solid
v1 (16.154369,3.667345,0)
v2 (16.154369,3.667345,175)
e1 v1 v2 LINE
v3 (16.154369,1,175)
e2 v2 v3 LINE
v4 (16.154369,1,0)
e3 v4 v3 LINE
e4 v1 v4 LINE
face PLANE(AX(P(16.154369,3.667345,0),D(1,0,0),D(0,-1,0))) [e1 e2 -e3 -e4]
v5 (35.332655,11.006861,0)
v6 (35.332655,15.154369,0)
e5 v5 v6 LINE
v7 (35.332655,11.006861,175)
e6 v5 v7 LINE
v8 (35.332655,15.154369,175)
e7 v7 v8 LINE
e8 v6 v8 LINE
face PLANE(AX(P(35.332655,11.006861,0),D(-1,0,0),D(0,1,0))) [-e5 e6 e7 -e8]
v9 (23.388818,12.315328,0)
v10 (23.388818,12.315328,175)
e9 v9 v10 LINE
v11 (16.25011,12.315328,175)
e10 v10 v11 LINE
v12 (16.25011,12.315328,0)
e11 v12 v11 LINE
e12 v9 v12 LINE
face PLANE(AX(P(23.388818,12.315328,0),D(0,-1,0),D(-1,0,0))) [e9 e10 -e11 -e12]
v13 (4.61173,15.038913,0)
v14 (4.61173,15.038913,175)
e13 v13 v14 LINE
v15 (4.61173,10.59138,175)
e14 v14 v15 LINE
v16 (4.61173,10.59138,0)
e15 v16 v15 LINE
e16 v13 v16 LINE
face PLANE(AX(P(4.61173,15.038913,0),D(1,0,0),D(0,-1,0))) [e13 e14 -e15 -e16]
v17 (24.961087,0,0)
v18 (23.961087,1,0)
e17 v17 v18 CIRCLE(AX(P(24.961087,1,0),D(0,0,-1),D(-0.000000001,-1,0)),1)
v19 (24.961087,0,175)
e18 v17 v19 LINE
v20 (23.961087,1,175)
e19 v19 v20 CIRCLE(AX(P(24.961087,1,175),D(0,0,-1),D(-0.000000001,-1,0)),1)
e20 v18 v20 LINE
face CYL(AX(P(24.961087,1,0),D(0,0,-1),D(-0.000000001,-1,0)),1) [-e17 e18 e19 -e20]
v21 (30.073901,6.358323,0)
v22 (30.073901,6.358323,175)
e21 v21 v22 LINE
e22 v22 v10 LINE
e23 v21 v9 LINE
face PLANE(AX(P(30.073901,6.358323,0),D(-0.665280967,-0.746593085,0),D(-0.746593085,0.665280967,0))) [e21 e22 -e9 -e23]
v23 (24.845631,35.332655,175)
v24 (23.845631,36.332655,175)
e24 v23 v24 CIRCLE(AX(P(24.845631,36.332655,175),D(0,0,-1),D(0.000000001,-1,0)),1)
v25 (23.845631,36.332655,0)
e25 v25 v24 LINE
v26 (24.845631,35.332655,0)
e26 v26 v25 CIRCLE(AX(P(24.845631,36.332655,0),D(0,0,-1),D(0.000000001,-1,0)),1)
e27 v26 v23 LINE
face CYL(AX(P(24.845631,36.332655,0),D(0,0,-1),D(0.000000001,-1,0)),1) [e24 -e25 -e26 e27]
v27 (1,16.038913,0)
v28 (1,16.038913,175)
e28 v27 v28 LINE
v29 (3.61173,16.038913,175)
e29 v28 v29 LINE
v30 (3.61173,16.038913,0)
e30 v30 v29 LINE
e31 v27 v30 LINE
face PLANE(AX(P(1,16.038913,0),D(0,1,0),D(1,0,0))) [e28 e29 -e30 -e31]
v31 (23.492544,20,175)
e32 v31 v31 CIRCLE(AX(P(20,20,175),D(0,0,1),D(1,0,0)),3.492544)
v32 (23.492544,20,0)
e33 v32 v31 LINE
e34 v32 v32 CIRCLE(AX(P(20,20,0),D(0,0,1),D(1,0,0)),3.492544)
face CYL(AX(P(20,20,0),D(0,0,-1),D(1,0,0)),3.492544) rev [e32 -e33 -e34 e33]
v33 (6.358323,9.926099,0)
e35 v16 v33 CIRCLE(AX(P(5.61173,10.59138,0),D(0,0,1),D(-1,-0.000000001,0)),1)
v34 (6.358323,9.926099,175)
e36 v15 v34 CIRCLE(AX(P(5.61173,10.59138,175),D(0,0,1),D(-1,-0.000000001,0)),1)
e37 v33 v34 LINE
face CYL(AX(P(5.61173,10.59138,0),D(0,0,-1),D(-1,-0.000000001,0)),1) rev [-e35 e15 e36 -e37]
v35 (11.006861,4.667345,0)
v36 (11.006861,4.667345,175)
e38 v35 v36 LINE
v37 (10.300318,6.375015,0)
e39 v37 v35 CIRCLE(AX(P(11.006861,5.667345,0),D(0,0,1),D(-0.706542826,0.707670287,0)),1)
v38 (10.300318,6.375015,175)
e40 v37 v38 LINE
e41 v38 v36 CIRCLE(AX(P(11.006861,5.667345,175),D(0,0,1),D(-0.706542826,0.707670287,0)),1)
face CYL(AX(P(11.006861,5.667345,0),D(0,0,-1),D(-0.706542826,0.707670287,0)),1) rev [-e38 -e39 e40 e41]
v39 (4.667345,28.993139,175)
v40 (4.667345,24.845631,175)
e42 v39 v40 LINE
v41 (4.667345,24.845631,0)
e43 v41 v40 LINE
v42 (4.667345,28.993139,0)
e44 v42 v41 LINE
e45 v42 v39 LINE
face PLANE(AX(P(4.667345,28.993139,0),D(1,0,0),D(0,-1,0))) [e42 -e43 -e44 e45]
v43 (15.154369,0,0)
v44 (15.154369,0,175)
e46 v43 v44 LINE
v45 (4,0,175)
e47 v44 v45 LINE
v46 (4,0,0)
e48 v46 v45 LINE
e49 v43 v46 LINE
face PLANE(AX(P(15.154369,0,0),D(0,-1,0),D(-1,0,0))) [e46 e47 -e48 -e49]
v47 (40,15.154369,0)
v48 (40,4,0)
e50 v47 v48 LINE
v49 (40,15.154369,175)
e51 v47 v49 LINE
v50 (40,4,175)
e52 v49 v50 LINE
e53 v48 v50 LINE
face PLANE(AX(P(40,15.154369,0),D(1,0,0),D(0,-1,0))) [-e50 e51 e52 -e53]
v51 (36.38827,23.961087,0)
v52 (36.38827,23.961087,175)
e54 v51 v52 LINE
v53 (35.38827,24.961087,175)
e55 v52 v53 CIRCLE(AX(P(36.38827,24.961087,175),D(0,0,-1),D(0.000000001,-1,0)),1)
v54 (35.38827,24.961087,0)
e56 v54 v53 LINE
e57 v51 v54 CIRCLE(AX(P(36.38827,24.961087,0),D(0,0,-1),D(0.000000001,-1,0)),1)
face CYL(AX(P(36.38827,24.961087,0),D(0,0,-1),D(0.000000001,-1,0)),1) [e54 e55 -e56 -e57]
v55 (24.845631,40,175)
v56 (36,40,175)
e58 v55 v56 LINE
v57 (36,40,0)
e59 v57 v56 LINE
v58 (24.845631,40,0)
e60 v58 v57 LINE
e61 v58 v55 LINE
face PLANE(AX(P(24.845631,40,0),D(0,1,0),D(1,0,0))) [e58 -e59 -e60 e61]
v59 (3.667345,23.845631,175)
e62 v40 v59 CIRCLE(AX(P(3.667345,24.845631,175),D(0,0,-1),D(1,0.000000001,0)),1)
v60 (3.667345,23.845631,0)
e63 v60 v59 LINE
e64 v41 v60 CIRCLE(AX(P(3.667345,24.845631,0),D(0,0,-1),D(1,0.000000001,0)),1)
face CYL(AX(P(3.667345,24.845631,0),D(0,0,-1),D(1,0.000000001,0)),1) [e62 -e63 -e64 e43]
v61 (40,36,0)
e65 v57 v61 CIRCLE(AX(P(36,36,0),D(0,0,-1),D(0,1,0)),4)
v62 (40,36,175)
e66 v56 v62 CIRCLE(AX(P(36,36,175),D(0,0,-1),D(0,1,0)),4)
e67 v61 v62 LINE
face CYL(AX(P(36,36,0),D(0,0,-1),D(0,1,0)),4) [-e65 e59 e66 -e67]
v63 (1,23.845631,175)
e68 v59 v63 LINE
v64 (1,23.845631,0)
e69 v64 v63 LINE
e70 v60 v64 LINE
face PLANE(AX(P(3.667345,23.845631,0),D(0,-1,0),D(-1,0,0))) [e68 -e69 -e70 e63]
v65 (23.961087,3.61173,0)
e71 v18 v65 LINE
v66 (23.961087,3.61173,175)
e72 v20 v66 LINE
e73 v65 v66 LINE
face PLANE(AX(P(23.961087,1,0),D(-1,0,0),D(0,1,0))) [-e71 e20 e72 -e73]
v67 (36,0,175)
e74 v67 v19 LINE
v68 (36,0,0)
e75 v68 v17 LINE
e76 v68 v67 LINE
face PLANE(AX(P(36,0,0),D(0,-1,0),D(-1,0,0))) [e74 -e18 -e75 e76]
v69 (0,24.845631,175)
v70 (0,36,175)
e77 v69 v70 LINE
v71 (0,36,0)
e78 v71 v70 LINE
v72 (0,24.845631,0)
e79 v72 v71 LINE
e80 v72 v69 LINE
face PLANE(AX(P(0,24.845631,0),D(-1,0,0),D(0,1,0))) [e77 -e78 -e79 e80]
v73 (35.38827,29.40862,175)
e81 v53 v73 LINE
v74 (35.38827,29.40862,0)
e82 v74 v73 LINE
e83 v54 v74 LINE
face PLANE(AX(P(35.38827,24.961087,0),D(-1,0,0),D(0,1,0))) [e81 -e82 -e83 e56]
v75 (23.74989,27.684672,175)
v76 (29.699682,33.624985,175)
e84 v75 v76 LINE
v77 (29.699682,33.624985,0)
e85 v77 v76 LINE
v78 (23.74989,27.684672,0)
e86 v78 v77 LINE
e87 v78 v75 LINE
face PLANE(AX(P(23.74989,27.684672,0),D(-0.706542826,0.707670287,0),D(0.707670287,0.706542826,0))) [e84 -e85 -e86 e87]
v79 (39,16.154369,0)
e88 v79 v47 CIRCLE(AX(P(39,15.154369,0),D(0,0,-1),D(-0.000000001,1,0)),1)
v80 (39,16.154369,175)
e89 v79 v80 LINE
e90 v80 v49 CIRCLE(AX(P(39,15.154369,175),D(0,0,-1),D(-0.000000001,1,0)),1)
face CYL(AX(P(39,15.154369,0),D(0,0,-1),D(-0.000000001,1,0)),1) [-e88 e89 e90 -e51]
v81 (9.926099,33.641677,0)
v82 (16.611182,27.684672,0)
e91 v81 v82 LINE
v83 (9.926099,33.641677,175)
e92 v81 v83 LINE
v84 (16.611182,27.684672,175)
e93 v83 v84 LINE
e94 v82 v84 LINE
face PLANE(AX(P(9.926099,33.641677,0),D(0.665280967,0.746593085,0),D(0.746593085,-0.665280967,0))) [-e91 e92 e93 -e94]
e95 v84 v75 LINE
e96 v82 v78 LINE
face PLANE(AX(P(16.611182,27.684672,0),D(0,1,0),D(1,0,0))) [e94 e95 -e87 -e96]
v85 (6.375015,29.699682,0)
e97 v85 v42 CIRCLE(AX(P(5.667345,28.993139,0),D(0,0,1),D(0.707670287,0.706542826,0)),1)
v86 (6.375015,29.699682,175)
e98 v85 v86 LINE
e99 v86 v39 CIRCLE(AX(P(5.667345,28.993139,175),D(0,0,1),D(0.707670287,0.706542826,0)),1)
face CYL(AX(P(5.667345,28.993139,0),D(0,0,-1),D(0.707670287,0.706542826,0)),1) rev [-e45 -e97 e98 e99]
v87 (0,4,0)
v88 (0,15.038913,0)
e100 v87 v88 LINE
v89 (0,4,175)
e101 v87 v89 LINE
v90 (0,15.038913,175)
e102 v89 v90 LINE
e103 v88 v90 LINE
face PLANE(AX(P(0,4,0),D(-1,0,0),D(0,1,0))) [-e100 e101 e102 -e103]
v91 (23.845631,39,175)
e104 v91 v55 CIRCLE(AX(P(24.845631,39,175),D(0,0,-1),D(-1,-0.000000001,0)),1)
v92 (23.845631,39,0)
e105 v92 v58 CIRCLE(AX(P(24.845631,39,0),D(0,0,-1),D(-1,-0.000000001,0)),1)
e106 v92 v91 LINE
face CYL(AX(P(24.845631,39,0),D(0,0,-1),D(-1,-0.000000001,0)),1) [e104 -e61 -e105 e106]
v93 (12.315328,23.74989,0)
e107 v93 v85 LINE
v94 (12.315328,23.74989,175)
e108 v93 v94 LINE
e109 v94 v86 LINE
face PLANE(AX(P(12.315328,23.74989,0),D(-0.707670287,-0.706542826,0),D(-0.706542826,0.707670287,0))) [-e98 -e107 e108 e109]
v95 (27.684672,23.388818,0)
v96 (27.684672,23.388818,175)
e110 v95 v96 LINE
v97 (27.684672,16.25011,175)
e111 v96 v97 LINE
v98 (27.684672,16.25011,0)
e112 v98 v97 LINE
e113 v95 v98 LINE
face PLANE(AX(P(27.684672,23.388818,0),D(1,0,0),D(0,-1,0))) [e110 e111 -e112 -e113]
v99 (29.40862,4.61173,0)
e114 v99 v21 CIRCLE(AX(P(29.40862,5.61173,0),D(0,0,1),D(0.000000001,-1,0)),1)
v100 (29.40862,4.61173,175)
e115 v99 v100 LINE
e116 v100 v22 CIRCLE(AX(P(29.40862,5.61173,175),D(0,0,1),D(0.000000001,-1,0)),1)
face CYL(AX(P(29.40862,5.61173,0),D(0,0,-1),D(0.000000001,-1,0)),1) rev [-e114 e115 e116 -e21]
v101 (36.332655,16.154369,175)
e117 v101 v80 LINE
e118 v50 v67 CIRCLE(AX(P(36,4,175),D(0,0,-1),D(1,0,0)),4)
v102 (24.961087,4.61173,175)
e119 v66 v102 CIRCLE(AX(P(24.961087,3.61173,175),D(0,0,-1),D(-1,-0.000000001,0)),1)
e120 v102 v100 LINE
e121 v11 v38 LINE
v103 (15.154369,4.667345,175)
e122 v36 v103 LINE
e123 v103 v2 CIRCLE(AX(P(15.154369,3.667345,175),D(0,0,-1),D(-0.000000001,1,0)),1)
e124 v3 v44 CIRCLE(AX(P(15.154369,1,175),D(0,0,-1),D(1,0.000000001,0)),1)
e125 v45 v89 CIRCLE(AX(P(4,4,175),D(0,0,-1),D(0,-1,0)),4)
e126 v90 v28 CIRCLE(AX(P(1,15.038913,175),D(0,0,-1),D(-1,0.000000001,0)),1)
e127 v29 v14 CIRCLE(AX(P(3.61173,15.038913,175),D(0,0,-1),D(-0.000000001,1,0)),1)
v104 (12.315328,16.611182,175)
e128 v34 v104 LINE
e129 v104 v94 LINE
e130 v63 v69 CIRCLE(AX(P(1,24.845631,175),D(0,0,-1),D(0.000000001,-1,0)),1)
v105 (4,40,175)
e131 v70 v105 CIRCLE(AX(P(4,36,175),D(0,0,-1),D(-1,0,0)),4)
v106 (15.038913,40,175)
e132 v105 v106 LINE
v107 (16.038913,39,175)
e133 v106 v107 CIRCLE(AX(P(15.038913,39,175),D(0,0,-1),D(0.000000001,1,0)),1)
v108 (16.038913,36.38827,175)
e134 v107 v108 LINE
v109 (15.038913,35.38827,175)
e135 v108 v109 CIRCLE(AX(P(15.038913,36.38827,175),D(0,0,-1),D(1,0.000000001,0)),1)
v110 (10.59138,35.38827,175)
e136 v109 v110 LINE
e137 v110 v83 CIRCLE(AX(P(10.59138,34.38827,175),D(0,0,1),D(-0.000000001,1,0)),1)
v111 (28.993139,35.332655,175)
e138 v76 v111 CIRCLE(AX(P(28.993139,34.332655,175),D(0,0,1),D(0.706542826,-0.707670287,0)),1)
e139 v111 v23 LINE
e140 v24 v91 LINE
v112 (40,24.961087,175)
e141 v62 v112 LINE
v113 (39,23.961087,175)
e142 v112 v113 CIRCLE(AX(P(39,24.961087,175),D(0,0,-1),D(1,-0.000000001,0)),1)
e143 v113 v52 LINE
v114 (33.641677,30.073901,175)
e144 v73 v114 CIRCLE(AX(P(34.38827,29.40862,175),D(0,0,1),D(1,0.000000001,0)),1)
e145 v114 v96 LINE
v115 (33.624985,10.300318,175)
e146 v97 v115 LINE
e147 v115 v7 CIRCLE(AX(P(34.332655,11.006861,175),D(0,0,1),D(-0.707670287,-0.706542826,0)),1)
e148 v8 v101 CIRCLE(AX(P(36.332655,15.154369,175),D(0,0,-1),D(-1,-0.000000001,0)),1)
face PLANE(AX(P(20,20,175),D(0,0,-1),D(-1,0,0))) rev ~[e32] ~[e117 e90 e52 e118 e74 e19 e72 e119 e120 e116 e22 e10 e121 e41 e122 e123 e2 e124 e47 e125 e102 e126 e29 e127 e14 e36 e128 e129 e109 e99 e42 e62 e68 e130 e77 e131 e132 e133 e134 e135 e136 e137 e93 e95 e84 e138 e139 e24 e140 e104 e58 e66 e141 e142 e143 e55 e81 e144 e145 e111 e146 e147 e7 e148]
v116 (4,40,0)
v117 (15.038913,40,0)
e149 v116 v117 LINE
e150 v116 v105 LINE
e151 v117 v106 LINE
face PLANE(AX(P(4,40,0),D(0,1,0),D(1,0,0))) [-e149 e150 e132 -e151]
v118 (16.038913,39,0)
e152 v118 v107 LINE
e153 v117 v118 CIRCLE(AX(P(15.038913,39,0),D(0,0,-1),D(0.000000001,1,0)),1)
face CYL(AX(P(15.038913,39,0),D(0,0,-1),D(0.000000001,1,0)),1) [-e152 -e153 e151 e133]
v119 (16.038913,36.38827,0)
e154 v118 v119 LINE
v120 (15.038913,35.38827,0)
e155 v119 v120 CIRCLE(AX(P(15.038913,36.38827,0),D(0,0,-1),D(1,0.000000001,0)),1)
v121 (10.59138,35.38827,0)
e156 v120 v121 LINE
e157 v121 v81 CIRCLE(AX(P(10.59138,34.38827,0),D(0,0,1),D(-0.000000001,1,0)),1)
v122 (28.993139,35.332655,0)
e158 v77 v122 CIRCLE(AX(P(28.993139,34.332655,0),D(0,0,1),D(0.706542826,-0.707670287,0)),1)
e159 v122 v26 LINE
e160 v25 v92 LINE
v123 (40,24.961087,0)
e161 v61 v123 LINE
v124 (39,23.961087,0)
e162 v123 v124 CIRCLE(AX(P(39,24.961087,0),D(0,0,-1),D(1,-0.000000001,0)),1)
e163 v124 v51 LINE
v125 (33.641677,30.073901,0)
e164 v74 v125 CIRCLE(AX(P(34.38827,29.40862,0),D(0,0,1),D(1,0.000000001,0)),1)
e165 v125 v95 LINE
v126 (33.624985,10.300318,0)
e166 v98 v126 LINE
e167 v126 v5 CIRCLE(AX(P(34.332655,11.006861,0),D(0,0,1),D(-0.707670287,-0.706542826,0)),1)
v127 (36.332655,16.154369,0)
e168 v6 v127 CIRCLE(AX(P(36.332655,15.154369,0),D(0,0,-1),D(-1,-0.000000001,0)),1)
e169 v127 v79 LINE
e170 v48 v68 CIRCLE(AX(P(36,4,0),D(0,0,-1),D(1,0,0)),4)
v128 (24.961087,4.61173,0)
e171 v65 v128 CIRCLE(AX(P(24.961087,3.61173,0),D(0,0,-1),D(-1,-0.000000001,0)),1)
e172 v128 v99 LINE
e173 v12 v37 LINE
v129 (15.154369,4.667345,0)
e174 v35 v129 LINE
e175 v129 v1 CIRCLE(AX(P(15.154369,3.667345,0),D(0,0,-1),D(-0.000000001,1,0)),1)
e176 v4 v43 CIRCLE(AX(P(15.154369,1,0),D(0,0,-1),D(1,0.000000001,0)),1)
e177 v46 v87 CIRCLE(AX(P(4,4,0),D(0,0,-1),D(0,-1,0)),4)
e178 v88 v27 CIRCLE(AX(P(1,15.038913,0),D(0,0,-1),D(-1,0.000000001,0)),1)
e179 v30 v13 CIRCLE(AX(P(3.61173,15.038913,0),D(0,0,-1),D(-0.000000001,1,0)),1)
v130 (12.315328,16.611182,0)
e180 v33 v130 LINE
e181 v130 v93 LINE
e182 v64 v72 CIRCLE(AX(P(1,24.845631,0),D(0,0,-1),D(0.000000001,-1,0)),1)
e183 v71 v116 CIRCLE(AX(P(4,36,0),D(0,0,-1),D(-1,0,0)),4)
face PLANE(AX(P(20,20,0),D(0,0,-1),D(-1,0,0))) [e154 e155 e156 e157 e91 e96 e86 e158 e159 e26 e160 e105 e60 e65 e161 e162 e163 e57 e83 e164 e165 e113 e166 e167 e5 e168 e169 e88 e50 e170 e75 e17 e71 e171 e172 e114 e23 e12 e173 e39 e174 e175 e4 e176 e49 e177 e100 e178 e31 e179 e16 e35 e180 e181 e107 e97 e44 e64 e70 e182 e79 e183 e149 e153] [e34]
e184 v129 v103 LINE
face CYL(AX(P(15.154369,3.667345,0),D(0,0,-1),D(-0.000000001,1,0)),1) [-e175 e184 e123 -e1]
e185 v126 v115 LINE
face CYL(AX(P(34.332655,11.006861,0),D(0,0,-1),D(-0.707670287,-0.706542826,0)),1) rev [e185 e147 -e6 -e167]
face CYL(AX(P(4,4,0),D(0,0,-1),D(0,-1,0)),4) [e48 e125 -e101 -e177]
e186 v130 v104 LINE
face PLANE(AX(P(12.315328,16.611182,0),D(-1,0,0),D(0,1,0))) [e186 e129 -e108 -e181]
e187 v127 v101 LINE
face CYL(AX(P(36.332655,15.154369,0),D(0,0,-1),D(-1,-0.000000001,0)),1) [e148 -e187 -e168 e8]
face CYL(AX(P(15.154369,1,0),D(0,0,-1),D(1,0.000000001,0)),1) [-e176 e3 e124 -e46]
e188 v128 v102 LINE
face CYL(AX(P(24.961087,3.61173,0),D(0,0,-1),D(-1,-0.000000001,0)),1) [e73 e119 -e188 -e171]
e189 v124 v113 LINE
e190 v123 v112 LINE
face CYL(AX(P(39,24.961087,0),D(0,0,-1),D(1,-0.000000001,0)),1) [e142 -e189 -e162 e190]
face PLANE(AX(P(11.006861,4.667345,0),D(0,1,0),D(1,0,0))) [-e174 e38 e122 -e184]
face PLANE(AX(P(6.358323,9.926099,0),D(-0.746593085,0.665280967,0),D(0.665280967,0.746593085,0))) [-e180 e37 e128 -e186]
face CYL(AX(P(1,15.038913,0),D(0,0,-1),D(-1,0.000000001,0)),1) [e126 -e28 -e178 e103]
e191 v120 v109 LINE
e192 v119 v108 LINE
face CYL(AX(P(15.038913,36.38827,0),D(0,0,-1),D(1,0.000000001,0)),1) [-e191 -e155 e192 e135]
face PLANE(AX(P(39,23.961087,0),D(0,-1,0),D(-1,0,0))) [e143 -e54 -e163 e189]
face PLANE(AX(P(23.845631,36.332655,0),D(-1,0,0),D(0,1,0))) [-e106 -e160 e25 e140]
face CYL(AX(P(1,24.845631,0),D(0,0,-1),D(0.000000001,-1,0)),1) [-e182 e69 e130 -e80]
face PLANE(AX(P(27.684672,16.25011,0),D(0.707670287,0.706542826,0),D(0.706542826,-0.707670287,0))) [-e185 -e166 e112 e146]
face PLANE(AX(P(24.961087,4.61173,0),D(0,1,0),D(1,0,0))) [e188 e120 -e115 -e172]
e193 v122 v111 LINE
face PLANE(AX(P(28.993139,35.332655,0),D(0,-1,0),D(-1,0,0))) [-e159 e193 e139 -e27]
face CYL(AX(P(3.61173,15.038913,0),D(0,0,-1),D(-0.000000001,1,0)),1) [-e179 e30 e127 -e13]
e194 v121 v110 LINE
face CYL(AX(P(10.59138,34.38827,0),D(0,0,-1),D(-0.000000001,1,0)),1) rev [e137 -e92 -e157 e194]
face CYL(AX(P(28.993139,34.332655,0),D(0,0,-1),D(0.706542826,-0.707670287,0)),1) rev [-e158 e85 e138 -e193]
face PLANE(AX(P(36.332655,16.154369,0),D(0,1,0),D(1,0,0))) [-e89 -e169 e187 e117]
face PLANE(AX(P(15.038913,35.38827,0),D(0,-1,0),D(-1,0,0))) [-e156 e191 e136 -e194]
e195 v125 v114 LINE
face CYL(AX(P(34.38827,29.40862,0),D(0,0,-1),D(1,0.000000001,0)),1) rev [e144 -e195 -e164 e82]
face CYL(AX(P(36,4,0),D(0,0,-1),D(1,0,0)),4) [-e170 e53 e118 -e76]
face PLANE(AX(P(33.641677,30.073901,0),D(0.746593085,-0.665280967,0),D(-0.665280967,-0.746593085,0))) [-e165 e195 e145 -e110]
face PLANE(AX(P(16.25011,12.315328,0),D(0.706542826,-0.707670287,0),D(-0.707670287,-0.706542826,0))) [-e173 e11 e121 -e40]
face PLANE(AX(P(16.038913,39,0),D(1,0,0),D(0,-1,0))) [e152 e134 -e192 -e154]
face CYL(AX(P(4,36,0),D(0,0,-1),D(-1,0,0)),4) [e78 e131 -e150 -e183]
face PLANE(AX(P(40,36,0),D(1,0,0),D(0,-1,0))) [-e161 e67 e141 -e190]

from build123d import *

# Parameters (mm, degrees)
SKETCH2_R           = 3.492543695
BOSS_EXTRUDE1_DEPTH = 175


with BuildPart() as part:
    # Sketch2 → Boss-Extrude1 (new body)
    with BuildSketch(Plane.XY):
        with BuildLine():
            Line((19.48831917, 27.684671829), (23.749889801, 27.684671829))
            Line((23.749889801, 27.684671829), (29.699681879, 33.624984685))
            ThreePointArc((29.699681879, 33.624984685), (29.917171057, 34.714970099), (28.993139054, 35.332654972))
            Line((28.993139054, 35.332654972), (24.845630957, 35.332654972))
            ThreePointArc((24.845630957, 35.332654972), (24.138524175, 35.625548191), (23.845630957, 36.332654972))
            Line((23.845630957, 36.332654972), (23.845630957, 39))
            ThreePointArc((23.845630957, 39), (24.138524175, 39.707106781), (24.845630957, 40))
            Line((24.845630957, 40), (36, 40))
            ThreePointArc((36, 40), (38.828427125, 38.828427125), (40, 36))
            Line((40, 36), (40, 24.961087436))
            ThreePointArc((40, 24.961087436), (39.707106781, 24.253980655), (39, 23.961087436))
            Line((39, 23.961087436), (36.388269628, 23.961087436))
            ThreePointArc((36.388269628, 23.961087436), (35.681162846, 24.253980655), (35.388269628, 24.961087436))
            Line((35.388269628, 24.961087436), (35.388269628, 29.408620307))
            ThreePointArc((35.388269628, 29.408620307), (34.744223919, 30.343123673), (33.641676542, 30.073901274))
            Line((33.641676542, 30.073901274), (27.684671829, 23.388818206))
            Line((27.684671829, 23.388818206), (27.684671829, 20.51168083))
            Line((27.684671829, 20.51168083), (27.684671829, 16.250110199))
            Line((27.684671829, 16.250110199), (33.624984685, 10.300318121))
            ThreePointArc((33.624984685, 10.300318121), (34.714970099, 10.082828943), (35.332654972, 11.006860946))
            Line((35.332654972, 11.006860946), (35.332654972, 15.154369043))
            ThreePointArc((35.332654972, 15.154369043), (35.625548191, 15.861475825), (36.332654972, 16.154369043))
            Line((36.332654972, 16.154369043), (39, 16.154369043))
            ThreePointArc((39, 16.154369043), (39.707106781, 15.861475825), (40, 15.154369043))
            Line((40, 15.154369043), (40, 4))
            ThreePointArc((40, 4), (38.828427125, 1.171572875), (36, 0))
            Line((36, 0), (24.961087436, 0))
            ThreePointArc((24.961087436, 0), (24.253980655, 0.292893219), (23.961087436, 1))
            Line((23.961087436, 1), (23.961087436, 3.611730372))
            ThreePointArc((23.961087436, 3.611730372), (24.253980655, 4.318837154), (24.961087436, 4.611730372))
            Line((24.961087436, 4.611730372), (29.408620307, 4.611730372))
            ThreePointArc((29.408620307, 4.611730372), (30.343123673, 5.255776081), (30.073901274, 6.358323458))
            Line((30.073901274, 6.358323458), (23.388818206, 12.315328171))
            Line((23.388818206, 12.315328171), (20.51168083, 12.315328171))
            Line((20.51168083, 12.315328171), (16.250110199, 12.315328171))
            Line((16.250110199, 12.315328171), (10.300318121, 6.375015315))
            ThreePointArc((10.300318121, 6.375015315), (10.082828943, 5.285029901), (11.006860946, 4.667345028))
            Line((11.006860946, 4.667345028), (15.154369043, 4.667345028))
            ThreePointArc((15.154369043, 4.667345028), (15.861475825, 4.374451809), (16.154369043, 3.667345028))
            Line((16.154369043, 3.667345028), (16.154369043, 1))
            ThreePointArc((16.154369043, 1), (15.861475825, 0.292893219), (15.154369043, 0))
            Line((15.154369043, 0), (4, 0))
            ThreePointArc((4, 0), (1.171572875, 1.171572875), (0, 4))
            Line((0, 4), (0, 15.038912564))
            ThreePointArc((0, 15.038912564), (0.292893219, 15.746019345), (1, 16.038912564))
            Line((1, 16.038912564), (3.611730372, 16.038912564))
            ThreePointArc((3.611730372, 16.038912564), (4.318837154, 15.746019345), (4.611730372, 15.038912564))
            Line((4.611730372, 15.038912564), (4.611730372, 10.591379693))
            ThreePointArc((4.611730372, 10.591379693), (5.255776081, 9.656876327), (6.358323458, 9.926098726))
            Line((6.358323458, 9.926098726), (12.315328171, 16.611181794))
            Line((12.315328171, 16.611181794), (12.315328171, 19.48831917))
            Line((12.315328171, 19.48831917), (12.315328171, 23.749889801))
            Line((12.315328171, 23.749889801), (6.375015315, 29.699681879))
            ThreePointArc((6.375015315, 29.699681879), (5.285029901, 29.917171057), (4.667345028, 28.993139054))
            Line((4.667345028, 28.993139054), (4.667345028, 24.845630957))
            ThreePointArc((4.667345028, 24.845630957), (4.374451809, 24.138524175), (3.667345028, 23.845630957))
            Line((3.667345028, 23.845630957), (1, 23.845630957))
            ThreePointArc((1, 23.845630957), (0.292893219, 24.138524175), (0, 24.845630957))
            Line((0, 24.845630957), (0, 36))
            ThreePointArc((0, 36), (1.171572875, 38.828427125), (4, 40))
            Line((4, 40), (15.038912564, 40))
            ThreePointArc((15.038912564, 40), (15.746019345, 39.707106781), (16.038912564, 39))
            Line((16.038912564, 39), (16.038912564, 36.388269628))
            ThreePointArc((16.038912564, 36.388269628), (15.746019345, 35.681162846), (15.038912564, 35.388269628))
            Line((15.038912564, 35.388269628), (10.591379693, 35.388269628))
            ThreePointArc((10.591379693, 35.388269628), (9.656876327, 34.744223919), (9.926098726, 33.641676542))
            Line((9.926098726, 33.641676542), (16.611181794, 27.684671829))
            Line((16.611181794, 27.684671829), (19.48831917, 27.684671829))
        make_face()
        with Locations((20, 20)):
            Circle(SKETCH2_R, mode=Mode.SUBTRACT)
    extrude(amount=BOSS_EXTRUDE1_DEPTH)


solid = part.part
